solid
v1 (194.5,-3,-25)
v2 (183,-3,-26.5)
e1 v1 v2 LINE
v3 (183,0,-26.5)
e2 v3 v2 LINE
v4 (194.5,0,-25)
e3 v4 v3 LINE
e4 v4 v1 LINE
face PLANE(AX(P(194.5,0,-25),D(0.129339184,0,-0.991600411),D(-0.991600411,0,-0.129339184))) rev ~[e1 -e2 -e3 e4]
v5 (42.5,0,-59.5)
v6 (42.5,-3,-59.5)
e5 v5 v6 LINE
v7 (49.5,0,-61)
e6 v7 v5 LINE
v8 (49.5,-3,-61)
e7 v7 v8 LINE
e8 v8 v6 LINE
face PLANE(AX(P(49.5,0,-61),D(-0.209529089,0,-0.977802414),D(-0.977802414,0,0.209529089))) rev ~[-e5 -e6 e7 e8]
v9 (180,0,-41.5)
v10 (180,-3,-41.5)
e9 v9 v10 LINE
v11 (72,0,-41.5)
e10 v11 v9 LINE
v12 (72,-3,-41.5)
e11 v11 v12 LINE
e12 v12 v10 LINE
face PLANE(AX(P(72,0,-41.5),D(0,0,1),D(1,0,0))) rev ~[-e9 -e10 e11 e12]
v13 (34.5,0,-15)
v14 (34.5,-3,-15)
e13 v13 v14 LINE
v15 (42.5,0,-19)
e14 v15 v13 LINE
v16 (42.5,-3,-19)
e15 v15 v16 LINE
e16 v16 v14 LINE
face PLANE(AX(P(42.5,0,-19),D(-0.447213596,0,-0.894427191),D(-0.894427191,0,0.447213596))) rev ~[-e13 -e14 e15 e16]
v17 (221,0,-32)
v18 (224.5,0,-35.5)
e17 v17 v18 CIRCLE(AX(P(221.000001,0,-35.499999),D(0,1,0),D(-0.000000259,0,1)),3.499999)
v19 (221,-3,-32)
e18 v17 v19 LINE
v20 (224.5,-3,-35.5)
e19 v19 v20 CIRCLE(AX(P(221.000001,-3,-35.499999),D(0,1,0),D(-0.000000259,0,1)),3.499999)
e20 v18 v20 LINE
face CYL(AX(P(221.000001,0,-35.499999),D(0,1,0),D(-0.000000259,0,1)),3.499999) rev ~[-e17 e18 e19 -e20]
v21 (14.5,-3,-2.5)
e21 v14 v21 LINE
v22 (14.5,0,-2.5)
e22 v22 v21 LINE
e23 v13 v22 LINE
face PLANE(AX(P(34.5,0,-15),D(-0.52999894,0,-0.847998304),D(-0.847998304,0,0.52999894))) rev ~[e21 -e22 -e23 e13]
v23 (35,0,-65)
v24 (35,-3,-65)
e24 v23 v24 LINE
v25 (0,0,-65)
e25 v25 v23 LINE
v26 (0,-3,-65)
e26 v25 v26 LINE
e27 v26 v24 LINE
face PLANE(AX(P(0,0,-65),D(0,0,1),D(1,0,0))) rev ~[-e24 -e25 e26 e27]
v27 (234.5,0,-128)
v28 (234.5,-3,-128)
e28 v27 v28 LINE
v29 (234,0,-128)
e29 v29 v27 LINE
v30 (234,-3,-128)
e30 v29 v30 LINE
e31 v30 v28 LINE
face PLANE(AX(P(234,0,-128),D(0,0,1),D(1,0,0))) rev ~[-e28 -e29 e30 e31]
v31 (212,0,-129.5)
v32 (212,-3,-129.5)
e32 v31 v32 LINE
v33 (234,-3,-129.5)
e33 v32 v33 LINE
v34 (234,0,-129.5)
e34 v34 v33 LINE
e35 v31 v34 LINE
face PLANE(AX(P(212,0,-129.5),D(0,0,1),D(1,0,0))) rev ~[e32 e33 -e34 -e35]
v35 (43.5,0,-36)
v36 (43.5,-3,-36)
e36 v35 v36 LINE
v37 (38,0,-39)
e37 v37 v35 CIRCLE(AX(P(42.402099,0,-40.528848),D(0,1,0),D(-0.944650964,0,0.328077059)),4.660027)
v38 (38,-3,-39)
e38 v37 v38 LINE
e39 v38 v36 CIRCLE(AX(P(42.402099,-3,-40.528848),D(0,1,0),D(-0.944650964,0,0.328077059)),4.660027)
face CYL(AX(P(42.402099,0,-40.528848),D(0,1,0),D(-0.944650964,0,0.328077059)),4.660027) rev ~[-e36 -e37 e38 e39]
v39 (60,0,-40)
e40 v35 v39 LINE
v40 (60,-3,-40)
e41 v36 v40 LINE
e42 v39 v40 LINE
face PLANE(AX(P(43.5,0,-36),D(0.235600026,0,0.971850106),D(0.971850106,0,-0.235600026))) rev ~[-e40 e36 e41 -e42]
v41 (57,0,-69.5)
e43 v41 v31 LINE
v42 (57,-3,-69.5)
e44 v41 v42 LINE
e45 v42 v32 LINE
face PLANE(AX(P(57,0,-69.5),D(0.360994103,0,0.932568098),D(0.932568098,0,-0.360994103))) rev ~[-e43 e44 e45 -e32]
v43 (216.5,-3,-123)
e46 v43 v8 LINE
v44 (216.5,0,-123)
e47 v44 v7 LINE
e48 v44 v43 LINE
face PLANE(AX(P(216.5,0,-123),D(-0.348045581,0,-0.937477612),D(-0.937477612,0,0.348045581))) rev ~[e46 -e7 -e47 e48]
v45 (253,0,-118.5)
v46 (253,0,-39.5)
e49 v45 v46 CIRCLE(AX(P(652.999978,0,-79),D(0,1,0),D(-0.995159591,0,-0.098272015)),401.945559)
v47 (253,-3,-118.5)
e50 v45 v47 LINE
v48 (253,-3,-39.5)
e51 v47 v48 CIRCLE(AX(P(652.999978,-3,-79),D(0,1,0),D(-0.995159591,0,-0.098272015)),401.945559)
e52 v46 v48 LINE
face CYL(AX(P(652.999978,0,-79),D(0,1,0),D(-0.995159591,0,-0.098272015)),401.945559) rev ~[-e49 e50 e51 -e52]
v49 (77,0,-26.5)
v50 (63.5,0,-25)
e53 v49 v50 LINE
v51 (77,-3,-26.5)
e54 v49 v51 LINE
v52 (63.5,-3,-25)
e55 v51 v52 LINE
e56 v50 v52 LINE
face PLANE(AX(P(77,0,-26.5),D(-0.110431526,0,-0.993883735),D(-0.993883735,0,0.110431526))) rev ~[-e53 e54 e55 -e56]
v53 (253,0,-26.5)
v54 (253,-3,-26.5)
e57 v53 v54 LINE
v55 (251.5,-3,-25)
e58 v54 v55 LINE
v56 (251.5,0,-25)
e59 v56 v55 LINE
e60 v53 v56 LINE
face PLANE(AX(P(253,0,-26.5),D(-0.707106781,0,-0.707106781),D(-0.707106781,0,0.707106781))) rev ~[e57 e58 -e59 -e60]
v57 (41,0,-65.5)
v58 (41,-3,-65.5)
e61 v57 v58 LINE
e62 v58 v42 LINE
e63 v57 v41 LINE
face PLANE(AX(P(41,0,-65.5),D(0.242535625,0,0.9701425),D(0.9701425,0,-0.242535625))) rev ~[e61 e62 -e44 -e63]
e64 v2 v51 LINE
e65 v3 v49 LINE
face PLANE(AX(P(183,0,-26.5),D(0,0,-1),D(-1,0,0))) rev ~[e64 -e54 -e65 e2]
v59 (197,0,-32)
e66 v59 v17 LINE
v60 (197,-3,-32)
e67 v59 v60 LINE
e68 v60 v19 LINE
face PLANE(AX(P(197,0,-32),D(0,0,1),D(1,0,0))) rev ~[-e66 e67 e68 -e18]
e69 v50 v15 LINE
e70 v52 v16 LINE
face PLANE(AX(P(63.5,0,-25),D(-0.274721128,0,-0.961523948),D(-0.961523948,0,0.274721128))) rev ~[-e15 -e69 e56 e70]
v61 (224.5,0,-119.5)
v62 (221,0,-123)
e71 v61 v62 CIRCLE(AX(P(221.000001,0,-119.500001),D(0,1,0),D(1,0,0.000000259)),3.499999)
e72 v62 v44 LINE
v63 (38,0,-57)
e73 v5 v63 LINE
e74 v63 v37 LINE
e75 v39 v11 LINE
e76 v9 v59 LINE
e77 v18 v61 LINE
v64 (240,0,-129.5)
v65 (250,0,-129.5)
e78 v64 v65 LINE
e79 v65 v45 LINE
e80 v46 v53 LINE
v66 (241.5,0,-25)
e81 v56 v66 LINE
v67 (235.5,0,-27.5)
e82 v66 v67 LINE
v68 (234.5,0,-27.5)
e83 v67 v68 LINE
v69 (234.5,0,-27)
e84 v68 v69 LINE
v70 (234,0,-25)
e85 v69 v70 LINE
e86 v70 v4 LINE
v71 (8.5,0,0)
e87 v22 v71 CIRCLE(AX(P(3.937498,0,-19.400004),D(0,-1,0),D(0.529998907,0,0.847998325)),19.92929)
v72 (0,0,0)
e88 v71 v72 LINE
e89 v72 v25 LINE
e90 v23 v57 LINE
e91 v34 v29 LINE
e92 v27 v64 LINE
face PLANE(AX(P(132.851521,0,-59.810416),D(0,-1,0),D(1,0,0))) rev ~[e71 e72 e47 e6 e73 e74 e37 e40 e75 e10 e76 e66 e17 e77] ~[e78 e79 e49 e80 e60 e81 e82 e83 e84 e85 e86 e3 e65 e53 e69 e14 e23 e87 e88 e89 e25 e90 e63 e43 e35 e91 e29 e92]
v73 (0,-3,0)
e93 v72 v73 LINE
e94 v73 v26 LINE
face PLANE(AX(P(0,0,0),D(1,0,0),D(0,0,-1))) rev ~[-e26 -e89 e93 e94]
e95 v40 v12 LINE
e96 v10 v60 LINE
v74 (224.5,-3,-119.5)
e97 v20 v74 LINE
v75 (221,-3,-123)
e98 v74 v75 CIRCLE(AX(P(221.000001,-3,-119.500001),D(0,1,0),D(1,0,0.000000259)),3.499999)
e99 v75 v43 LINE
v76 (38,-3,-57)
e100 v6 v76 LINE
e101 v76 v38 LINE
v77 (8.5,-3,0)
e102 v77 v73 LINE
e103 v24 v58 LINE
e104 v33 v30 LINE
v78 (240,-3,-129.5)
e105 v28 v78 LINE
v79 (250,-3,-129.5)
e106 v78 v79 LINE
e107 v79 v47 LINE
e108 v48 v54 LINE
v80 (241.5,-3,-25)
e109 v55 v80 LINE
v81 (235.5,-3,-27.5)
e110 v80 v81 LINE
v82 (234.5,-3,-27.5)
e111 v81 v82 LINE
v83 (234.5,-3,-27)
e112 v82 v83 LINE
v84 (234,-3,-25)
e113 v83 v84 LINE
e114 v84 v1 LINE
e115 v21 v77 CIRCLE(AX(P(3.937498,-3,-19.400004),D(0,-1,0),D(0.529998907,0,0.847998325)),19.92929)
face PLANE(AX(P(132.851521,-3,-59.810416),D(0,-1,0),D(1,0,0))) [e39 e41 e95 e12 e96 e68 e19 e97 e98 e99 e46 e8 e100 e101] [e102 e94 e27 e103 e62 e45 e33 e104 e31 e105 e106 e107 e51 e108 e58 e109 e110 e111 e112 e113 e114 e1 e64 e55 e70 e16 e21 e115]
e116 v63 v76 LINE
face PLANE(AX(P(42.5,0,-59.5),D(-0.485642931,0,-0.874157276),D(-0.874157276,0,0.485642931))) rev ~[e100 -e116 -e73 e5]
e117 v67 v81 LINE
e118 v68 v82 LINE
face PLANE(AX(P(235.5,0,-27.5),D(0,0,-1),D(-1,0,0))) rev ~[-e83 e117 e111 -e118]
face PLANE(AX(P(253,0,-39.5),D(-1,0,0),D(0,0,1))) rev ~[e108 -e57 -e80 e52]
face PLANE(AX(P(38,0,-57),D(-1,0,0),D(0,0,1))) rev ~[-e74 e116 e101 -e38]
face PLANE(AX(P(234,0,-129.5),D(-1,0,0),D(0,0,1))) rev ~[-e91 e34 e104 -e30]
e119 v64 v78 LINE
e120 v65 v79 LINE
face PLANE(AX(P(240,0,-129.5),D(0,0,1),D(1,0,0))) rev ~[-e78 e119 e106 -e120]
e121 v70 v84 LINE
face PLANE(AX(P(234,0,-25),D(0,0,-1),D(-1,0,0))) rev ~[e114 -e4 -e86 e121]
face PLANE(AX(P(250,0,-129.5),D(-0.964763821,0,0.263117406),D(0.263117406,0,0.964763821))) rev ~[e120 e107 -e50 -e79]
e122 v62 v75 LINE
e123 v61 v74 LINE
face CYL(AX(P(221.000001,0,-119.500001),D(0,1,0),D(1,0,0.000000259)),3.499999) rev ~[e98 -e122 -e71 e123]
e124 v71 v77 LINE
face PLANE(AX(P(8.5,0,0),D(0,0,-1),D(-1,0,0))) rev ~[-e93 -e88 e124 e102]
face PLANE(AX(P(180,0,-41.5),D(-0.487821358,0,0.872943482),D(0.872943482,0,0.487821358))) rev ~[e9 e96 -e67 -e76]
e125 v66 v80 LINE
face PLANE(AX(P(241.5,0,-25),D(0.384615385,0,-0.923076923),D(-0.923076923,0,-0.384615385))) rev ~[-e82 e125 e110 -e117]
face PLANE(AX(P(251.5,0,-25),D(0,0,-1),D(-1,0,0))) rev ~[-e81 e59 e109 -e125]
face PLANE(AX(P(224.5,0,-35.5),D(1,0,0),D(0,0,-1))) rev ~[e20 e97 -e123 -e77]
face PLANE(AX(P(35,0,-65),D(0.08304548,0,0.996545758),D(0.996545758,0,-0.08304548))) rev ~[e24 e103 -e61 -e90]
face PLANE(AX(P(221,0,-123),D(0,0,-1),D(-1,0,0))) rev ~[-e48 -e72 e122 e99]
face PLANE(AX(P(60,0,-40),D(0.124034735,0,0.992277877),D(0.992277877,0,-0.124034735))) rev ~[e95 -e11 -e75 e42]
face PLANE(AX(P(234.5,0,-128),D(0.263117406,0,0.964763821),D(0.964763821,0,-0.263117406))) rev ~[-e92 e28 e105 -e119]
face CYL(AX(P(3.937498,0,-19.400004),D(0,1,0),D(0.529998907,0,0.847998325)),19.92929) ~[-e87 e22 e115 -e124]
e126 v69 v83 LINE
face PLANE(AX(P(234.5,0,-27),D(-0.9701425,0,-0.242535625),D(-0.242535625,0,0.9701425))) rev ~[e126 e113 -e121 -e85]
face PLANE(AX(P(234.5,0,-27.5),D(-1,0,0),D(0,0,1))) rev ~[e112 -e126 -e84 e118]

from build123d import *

# Parameters (mm, degrees)
F1_DEPTH = 3


with BuildPart() as f1:
    # F0 (on Front) → F1 (new body)
    with BuildSketch(Plane.XZ):
        with BuildLine():
            Line((8.5, 0), (0, 0))
            Line((0, 0), (0, -65))
            Line((0, -65), (35, -65))
            Line((35, -65), (41, -65.5))
            Line((41, -65.5), (57, -69.5))
            Line((57, -69.5), (212, -129.5))
            Line((212, -129.5), (234, -129.5))
            Line((234, -129.5), (234, -128))
            Line((234, -128), (234.5, -128))
            Line((234.5, -128), (240, -129.5))
            Line((240, -129.5), (250, -129.5))
            Line((250, -129.5), (253, -118.5))
            ThreePointArc((253, -118.5), (251.054419, -79), (253, -39.5))
            Line((253, -39.5), (253, -26.5))
            Line((253, -26.5), (251.5, -25))
            Line((251.5, -25), (241.5, -25))
            Line((241.5, -25), (235.5, -27.5))
            Line((235.5, -27.5), (234.5, -27.5))
            Line((234.5, -27.5), (234.5, -27))
            Line((234.5, -27), (234, -25))
            Line((234, -25), (194.5, -25))
            Line((194.5, -25), (183, -26.5))
            Line((183, -26.5), (77, -26.5))
            Line((77, -26.5), (63.5, -25))
            Line((63.5, -25), (42.5, -19))
            Line((42.5, -19), (34.5, -15))
            Line((34.5, -15), (14.5, -2.5))
            ThreePointArc((14.5, -2.5), (11.60261, -1.003737), (8.5, 0))
        make_face()
        with BuildLine():
            Line((77, -41.5), (87, -41.5))
            Line((87, -41.5), (113, -41.5))
            Line((113, -41.5), (138, -41.5))
            Line((138, -41.5), (180, -41.5))
            Line((180, -41.5), (197, -32))
            Line((197, -32), (221, -32))
            ThreePointArc((221, -32), (223.474874, -33.025126), (224.5, -35.5))
            Line((224.5, -35.5), (224.5, -119.5))
            ThreePointArc((224.5, -119.5), (223.474874, -121.974874), (221, -123))
            Line((221, -123), (216.5, -123))
            Line((216.5, -123), (49.5, -61))
            Line((49.5, -61), (42.5, -59.5))
            Line((42.5, -59.5), (38, -57))
            Line((38, -57), (38, -39))
            ThreePointArc((38, -39), (40.170635, -36.437831), (43.5, -36))
            Line((43.5, -36), (60, -40))
            Line((60, -40), (72, -41.5))
            Line((72, -41.5), (77, -41.5))
        make_face(mode=Mode.SUBTRACT)
    extrude(amount=F1_DEPTH)


solid = f1.part
